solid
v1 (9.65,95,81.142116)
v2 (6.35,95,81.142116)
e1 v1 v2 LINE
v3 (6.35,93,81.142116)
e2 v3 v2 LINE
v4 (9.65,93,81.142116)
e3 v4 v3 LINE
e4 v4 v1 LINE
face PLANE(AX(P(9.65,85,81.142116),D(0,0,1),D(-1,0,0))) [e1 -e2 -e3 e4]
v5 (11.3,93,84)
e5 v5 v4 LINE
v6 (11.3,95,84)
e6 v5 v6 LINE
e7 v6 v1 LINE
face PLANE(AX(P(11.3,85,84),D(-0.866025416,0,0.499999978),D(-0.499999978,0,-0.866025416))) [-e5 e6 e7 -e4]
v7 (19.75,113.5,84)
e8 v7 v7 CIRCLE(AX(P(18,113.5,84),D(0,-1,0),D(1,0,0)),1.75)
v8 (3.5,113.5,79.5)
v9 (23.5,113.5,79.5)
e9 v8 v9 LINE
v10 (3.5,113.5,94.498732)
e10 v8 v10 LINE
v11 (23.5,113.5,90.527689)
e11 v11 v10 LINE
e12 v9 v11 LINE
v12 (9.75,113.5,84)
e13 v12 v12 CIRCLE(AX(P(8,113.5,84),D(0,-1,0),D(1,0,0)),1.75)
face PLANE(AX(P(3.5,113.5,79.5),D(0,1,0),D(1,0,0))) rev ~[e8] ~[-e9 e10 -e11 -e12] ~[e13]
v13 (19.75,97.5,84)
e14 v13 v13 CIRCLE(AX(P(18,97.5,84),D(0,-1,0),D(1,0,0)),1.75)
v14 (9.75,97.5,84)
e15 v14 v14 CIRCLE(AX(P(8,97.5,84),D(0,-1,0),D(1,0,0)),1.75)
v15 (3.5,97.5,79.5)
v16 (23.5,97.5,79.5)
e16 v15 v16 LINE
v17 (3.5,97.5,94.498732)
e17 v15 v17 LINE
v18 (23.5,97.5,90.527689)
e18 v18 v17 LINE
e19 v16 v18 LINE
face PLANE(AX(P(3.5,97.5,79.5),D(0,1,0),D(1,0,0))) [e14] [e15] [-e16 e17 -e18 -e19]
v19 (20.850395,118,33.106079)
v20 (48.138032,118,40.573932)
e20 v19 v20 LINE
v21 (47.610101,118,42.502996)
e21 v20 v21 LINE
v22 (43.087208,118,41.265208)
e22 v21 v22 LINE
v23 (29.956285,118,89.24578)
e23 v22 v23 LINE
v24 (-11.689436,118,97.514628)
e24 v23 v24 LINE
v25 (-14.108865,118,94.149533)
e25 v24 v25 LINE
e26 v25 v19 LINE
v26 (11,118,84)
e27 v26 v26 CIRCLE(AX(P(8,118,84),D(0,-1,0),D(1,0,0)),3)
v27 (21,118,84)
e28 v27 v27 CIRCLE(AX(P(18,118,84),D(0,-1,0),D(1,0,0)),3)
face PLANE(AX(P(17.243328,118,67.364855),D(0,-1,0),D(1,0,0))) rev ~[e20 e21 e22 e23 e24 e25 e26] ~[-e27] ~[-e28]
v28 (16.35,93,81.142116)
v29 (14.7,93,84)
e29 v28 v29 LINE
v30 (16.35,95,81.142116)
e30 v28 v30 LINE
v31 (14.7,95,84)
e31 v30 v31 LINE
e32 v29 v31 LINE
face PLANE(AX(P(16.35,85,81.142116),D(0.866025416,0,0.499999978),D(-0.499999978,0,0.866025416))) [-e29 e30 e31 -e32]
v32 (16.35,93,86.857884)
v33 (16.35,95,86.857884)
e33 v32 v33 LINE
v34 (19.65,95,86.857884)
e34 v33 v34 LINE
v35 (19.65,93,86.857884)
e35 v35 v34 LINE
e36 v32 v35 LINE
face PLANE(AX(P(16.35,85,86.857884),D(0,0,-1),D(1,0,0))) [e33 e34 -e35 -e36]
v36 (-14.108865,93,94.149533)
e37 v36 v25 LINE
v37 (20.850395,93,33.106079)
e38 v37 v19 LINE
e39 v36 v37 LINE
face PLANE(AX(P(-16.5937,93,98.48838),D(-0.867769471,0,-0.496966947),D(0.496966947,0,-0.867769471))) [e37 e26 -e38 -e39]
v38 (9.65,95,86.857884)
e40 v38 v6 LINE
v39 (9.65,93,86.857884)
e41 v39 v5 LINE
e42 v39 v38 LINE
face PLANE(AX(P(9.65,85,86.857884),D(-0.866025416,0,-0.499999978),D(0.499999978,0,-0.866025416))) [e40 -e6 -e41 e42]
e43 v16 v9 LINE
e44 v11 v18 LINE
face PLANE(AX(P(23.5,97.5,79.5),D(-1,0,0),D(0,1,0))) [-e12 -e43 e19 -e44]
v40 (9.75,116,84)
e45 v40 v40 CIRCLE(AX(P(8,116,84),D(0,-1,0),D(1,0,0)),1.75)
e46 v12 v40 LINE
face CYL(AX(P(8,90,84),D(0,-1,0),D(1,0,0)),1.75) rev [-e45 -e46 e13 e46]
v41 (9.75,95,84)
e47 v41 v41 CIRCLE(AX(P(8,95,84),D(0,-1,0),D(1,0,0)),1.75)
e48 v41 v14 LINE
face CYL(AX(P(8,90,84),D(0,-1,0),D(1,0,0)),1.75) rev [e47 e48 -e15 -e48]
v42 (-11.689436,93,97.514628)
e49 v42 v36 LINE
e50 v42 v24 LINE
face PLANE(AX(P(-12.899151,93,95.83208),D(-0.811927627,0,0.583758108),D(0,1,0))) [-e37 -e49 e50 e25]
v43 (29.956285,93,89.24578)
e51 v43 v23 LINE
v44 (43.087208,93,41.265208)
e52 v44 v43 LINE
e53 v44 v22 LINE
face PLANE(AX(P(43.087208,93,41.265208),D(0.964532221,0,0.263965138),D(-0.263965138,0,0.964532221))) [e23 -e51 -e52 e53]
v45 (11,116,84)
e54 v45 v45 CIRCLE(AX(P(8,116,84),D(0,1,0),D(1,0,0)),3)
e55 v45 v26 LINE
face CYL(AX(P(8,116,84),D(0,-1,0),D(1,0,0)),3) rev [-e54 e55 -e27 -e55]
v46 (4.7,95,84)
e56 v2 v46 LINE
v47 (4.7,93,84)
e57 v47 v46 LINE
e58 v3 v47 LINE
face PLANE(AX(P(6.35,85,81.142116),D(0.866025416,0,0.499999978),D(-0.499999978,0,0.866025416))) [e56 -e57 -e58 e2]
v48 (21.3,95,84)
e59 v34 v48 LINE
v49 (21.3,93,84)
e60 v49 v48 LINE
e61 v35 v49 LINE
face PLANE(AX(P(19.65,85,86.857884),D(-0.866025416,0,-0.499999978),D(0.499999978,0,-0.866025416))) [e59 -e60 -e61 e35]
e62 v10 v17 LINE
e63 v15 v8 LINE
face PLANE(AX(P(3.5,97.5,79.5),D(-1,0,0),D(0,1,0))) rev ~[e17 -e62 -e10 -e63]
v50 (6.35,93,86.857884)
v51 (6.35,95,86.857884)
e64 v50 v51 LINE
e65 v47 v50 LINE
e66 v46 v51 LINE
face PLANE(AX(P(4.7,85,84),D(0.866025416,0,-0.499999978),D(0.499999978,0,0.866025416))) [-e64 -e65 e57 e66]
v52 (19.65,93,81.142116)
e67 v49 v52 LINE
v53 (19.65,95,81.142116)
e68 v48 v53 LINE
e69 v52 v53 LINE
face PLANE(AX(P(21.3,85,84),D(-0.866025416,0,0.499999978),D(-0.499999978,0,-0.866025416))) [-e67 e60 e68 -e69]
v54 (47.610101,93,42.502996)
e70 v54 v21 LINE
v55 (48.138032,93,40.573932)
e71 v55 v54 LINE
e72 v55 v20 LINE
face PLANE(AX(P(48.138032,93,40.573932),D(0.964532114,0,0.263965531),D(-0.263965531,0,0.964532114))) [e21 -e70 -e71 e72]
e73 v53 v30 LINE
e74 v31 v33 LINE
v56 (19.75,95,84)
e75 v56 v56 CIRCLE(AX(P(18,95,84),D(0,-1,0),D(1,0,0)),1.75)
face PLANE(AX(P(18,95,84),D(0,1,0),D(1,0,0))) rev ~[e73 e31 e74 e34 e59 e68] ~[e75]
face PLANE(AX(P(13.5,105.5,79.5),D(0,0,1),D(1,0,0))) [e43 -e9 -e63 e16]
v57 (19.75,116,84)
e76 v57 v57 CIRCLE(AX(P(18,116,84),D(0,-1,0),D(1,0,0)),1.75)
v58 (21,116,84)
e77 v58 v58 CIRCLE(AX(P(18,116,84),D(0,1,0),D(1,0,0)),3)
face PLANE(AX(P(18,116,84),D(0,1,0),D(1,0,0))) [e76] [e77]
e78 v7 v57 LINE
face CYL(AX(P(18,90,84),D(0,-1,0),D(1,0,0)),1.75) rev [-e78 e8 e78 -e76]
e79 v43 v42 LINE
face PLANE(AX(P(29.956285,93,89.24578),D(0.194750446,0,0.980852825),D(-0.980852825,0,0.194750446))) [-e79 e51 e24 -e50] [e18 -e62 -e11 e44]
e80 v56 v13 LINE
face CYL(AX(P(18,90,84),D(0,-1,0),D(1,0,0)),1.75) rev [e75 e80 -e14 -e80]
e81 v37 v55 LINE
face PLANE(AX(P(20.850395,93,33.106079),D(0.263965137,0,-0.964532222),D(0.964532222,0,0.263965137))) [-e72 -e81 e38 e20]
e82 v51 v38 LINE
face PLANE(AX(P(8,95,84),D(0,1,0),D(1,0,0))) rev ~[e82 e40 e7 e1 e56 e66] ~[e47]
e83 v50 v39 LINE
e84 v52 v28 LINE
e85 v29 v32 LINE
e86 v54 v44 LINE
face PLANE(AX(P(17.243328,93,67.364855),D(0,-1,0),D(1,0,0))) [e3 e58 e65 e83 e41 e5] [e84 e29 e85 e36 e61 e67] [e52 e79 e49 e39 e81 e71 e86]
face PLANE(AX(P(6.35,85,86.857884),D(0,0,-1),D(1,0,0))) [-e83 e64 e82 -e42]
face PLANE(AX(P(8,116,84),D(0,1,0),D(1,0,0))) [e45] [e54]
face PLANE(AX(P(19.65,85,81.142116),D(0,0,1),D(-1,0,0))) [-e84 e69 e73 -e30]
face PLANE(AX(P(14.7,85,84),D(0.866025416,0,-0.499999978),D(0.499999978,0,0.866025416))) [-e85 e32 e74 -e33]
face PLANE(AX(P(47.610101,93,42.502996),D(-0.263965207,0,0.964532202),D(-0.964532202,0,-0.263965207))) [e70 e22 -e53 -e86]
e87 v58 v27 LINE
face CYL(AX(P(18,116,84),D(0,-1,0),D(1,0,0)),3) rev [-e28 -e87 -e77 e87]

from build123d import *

# Parameters (mm, degrees)
CYLINDER077_R          = 3
CYLINDER077_DEPTH      = 32
CYLINDER077_ROLL_ANGLE = -90
CYLINDER076_R          = 3
CYLINDER076_DEPTH      = 32
CYLINDER076_ROLL_ANGLE = -90
PRISM002_DEPTH         = 10
PRISM002_ROLL_ANGLE    = -90
PRISM003_DEPTH         = 10
PRISM003_ROLL_ANGLE    = -90
CYLINDER071_R          = 1.75
CYLINDER071_DEPTH      = 32
CYLINDER071_ROLL_ANGLE = -90
CYLINDER072_R          = 1.75
CYLINDER072_DEPTH      = 32
CYLINDER072_ROLL_ANGLE = -90
BOX055_W               = 20
BOX055_H               = 16
BOX055_DEPTH           = 56
PAD009_DEPTH           = 25
CHAMFER109_SIZE        = 5


with BuildPart() as cilindro018:
    # Cylinder077 → Cylinder077 (new body)
    with BuildSketch(Plane.XY):
        Circle(CYLINDER077_R)
    extrude(amount=CYLINDER077_DEPTH)


with BuildPart() as cilindro018_1:
    # Cylinder077 roll: moved
    add(cilindro018.part.rotate(Axis((0, 0, 0), (1, 0, 0)), CYLINDER077_ROLL_ANGLE))


with BuildPart() as cilindro018_2:
    # Cylinder077 placement: moved
    add(cilindro018_1.part.moved(Location((8, 116, 84))))


with BuildPart() as fusion059:
    # Cylinder076 → Cylinder076 (new body)
    with BuildSketch(Plane.XY):
        Circle(CYLINDER076_R)
    extrude(amount=CYLINDER076_DEPTH)


with BuildPart() as fusion059_1:
    # Cylinder076 roll: moved
    add(fusion059.part.rotate(Axis((0, 0, 0), (1, 0, 0)), CYLINDER076_ROLL_ANGLE))


with BuildPart() as fusion059_2:
    # Cylinder076 placement: moved
    add(fusion059_1.part.moved(Location((18, 116, 84))))

    # Fusion059: union Cilindro018
    add(cilindro018_2.part)


with BuildPart() as prisma001:
    # Prism002 → Prism002 (new body)
    with BuildSketch(Plane.XY):
        Polygon((3.3, 0), (1.65, 2.857884), (-1.65, 2.857884), (-3.3, 0), (-1.65, -2.857884), (1.65, -2.857884), align=None)
    extrude(amount=PRISM002_DEPTH)


with BuildPart() as prisma001_1:
    # Prism002 roll: moved
    add(prisma001.part.rotate(Axis((0, 0, 0), (1, 0, 0)), PRISM002_ROLL_ANGLE))


with BuildPart() as prisma001_2:
    # Prism002 placement: moved
    add(prisma001_1.part.moved(Location((18, 85, 84))))


with BuildPart() as fusion058:
    # Prism003 → Prism003 (new body)
    with BuildSketch(Plane.XY):
        Polygon((3.3, 0), (1.65, 2.857884), (-1.65, 2.857884), (-3.3, 0), (-1.65, -2.857884), (1.65, -2.857884), align=None)
    extrude(amount=PRISM003_DEPTH)


with BuildPart() as fusion058_1:
    # Prism003 roll: moved
    add(fusion058.part.rotate(Axis((0, 0, 0), (1, 0, 0)), PRISM003_ROLL_ANGLE))


with BuildPart() as fusion058_2:
    # Prism003 placement: moved
    add(fusion058_1.part.moved(Location((8, 85, 84))))

    # Fusion058: union Prisma001
    add(prisma001_2.part)


with BuildPart() as cilindro012:
    # Cylinder071 → Cylinder071 (new body)
    with BuildSketch(Plane.XY):
        Circle(CYLINDER071_R)
    extrude(amount=CYLINDER071_DEPTH)


with BuildPart() as cilindro012_1:
    # Cylinder071 roll: moved
    add(cilindro012.part.rotate(Axis((0, 0, 0), (1, 0, 0)), CYLINDER071_ROLL_ANGLE))


with BuildPart() as cilindro012_2:
    # Cylinder071 placement: moved
    add(cilindro012_1.part.moved(Location((8, 90, 84))))


with BuildPart() as fusion055:
    # Cylinder072 → Cylinder072 (new body)
    with BuildSketch(Plane.XY):
        Circle(CYLINDER072_R)
    extrude(amount=CYLINDER072_DEPTH)


with BuildPart() as fusion055_1:
    # Cylinder072 roll: moved
    add(fusion055.part.rotate(Axis((0, 0, 0), (1, 0, 0)), CYLINDER072_ROLL_ANGLE))


with BuildPart() as fusion055_2:
    # Cylinder072 placement: moved
    add(fusion055_1.part.moved(Location((18, 90, 84))))

    # Fusion055: union Cilindro012
    add(cilindro012_2.part)


with BuildPart() as cubo005:
    # Box055 → Box055 (new body)
    with BuildSketch(Plane(origin=(3.5, 97.5, 79.5), x_dir=(1, 0, 0), z_dir=(0, 0, 1))):
        with Locations((10, 8)):
            Rectangle(BOX055_W, BOX055_H)
    extrude(amount=BOX055_DEPTH)


with BuildPart() as hand_src:
    # Sketch014 → Pad009 (new body)
    with BuildSketch(Plane(origin=(0, 93, 0), x_dir=(-1, 0, 0), z_dir=(0, 1, 0))):
        Polygon((-43.087208, 41.265208), (-29.956285, 89.24578), (16.5937, 98.48838), (-20.850395, 33.106079), (-48.138032, 40.573932), (-47.610101, 42.502996), align=None)
    extrude(amount=PAD009_DEPTH)

    # Cut096: cut Cubo005
    add(cubo005.part, mode=Mode.SUBTRACT)

    # Cut097: cut Fusion055
    add(fusion055_2.part, mode=Mode.SUBTRACT)

    # Cut101: cut Fusion058
    add(fusion058_2.part, mode=Mode.SUBTRACT)

    # Cut102: cut Fusion059
    add(fusion059_2.part, mode=Mode.SUBTRACT)

    # Chamfer109
    chamfer109_edges = [hand_src.edges().sort_by_distance(p)[0] for p in [
        (-16.5937, 105.5, 98.48838),
    ]]
    chamfer(chamfer109_edges, length=CHAMFER109_SIZE)


solid = hand_src.part
